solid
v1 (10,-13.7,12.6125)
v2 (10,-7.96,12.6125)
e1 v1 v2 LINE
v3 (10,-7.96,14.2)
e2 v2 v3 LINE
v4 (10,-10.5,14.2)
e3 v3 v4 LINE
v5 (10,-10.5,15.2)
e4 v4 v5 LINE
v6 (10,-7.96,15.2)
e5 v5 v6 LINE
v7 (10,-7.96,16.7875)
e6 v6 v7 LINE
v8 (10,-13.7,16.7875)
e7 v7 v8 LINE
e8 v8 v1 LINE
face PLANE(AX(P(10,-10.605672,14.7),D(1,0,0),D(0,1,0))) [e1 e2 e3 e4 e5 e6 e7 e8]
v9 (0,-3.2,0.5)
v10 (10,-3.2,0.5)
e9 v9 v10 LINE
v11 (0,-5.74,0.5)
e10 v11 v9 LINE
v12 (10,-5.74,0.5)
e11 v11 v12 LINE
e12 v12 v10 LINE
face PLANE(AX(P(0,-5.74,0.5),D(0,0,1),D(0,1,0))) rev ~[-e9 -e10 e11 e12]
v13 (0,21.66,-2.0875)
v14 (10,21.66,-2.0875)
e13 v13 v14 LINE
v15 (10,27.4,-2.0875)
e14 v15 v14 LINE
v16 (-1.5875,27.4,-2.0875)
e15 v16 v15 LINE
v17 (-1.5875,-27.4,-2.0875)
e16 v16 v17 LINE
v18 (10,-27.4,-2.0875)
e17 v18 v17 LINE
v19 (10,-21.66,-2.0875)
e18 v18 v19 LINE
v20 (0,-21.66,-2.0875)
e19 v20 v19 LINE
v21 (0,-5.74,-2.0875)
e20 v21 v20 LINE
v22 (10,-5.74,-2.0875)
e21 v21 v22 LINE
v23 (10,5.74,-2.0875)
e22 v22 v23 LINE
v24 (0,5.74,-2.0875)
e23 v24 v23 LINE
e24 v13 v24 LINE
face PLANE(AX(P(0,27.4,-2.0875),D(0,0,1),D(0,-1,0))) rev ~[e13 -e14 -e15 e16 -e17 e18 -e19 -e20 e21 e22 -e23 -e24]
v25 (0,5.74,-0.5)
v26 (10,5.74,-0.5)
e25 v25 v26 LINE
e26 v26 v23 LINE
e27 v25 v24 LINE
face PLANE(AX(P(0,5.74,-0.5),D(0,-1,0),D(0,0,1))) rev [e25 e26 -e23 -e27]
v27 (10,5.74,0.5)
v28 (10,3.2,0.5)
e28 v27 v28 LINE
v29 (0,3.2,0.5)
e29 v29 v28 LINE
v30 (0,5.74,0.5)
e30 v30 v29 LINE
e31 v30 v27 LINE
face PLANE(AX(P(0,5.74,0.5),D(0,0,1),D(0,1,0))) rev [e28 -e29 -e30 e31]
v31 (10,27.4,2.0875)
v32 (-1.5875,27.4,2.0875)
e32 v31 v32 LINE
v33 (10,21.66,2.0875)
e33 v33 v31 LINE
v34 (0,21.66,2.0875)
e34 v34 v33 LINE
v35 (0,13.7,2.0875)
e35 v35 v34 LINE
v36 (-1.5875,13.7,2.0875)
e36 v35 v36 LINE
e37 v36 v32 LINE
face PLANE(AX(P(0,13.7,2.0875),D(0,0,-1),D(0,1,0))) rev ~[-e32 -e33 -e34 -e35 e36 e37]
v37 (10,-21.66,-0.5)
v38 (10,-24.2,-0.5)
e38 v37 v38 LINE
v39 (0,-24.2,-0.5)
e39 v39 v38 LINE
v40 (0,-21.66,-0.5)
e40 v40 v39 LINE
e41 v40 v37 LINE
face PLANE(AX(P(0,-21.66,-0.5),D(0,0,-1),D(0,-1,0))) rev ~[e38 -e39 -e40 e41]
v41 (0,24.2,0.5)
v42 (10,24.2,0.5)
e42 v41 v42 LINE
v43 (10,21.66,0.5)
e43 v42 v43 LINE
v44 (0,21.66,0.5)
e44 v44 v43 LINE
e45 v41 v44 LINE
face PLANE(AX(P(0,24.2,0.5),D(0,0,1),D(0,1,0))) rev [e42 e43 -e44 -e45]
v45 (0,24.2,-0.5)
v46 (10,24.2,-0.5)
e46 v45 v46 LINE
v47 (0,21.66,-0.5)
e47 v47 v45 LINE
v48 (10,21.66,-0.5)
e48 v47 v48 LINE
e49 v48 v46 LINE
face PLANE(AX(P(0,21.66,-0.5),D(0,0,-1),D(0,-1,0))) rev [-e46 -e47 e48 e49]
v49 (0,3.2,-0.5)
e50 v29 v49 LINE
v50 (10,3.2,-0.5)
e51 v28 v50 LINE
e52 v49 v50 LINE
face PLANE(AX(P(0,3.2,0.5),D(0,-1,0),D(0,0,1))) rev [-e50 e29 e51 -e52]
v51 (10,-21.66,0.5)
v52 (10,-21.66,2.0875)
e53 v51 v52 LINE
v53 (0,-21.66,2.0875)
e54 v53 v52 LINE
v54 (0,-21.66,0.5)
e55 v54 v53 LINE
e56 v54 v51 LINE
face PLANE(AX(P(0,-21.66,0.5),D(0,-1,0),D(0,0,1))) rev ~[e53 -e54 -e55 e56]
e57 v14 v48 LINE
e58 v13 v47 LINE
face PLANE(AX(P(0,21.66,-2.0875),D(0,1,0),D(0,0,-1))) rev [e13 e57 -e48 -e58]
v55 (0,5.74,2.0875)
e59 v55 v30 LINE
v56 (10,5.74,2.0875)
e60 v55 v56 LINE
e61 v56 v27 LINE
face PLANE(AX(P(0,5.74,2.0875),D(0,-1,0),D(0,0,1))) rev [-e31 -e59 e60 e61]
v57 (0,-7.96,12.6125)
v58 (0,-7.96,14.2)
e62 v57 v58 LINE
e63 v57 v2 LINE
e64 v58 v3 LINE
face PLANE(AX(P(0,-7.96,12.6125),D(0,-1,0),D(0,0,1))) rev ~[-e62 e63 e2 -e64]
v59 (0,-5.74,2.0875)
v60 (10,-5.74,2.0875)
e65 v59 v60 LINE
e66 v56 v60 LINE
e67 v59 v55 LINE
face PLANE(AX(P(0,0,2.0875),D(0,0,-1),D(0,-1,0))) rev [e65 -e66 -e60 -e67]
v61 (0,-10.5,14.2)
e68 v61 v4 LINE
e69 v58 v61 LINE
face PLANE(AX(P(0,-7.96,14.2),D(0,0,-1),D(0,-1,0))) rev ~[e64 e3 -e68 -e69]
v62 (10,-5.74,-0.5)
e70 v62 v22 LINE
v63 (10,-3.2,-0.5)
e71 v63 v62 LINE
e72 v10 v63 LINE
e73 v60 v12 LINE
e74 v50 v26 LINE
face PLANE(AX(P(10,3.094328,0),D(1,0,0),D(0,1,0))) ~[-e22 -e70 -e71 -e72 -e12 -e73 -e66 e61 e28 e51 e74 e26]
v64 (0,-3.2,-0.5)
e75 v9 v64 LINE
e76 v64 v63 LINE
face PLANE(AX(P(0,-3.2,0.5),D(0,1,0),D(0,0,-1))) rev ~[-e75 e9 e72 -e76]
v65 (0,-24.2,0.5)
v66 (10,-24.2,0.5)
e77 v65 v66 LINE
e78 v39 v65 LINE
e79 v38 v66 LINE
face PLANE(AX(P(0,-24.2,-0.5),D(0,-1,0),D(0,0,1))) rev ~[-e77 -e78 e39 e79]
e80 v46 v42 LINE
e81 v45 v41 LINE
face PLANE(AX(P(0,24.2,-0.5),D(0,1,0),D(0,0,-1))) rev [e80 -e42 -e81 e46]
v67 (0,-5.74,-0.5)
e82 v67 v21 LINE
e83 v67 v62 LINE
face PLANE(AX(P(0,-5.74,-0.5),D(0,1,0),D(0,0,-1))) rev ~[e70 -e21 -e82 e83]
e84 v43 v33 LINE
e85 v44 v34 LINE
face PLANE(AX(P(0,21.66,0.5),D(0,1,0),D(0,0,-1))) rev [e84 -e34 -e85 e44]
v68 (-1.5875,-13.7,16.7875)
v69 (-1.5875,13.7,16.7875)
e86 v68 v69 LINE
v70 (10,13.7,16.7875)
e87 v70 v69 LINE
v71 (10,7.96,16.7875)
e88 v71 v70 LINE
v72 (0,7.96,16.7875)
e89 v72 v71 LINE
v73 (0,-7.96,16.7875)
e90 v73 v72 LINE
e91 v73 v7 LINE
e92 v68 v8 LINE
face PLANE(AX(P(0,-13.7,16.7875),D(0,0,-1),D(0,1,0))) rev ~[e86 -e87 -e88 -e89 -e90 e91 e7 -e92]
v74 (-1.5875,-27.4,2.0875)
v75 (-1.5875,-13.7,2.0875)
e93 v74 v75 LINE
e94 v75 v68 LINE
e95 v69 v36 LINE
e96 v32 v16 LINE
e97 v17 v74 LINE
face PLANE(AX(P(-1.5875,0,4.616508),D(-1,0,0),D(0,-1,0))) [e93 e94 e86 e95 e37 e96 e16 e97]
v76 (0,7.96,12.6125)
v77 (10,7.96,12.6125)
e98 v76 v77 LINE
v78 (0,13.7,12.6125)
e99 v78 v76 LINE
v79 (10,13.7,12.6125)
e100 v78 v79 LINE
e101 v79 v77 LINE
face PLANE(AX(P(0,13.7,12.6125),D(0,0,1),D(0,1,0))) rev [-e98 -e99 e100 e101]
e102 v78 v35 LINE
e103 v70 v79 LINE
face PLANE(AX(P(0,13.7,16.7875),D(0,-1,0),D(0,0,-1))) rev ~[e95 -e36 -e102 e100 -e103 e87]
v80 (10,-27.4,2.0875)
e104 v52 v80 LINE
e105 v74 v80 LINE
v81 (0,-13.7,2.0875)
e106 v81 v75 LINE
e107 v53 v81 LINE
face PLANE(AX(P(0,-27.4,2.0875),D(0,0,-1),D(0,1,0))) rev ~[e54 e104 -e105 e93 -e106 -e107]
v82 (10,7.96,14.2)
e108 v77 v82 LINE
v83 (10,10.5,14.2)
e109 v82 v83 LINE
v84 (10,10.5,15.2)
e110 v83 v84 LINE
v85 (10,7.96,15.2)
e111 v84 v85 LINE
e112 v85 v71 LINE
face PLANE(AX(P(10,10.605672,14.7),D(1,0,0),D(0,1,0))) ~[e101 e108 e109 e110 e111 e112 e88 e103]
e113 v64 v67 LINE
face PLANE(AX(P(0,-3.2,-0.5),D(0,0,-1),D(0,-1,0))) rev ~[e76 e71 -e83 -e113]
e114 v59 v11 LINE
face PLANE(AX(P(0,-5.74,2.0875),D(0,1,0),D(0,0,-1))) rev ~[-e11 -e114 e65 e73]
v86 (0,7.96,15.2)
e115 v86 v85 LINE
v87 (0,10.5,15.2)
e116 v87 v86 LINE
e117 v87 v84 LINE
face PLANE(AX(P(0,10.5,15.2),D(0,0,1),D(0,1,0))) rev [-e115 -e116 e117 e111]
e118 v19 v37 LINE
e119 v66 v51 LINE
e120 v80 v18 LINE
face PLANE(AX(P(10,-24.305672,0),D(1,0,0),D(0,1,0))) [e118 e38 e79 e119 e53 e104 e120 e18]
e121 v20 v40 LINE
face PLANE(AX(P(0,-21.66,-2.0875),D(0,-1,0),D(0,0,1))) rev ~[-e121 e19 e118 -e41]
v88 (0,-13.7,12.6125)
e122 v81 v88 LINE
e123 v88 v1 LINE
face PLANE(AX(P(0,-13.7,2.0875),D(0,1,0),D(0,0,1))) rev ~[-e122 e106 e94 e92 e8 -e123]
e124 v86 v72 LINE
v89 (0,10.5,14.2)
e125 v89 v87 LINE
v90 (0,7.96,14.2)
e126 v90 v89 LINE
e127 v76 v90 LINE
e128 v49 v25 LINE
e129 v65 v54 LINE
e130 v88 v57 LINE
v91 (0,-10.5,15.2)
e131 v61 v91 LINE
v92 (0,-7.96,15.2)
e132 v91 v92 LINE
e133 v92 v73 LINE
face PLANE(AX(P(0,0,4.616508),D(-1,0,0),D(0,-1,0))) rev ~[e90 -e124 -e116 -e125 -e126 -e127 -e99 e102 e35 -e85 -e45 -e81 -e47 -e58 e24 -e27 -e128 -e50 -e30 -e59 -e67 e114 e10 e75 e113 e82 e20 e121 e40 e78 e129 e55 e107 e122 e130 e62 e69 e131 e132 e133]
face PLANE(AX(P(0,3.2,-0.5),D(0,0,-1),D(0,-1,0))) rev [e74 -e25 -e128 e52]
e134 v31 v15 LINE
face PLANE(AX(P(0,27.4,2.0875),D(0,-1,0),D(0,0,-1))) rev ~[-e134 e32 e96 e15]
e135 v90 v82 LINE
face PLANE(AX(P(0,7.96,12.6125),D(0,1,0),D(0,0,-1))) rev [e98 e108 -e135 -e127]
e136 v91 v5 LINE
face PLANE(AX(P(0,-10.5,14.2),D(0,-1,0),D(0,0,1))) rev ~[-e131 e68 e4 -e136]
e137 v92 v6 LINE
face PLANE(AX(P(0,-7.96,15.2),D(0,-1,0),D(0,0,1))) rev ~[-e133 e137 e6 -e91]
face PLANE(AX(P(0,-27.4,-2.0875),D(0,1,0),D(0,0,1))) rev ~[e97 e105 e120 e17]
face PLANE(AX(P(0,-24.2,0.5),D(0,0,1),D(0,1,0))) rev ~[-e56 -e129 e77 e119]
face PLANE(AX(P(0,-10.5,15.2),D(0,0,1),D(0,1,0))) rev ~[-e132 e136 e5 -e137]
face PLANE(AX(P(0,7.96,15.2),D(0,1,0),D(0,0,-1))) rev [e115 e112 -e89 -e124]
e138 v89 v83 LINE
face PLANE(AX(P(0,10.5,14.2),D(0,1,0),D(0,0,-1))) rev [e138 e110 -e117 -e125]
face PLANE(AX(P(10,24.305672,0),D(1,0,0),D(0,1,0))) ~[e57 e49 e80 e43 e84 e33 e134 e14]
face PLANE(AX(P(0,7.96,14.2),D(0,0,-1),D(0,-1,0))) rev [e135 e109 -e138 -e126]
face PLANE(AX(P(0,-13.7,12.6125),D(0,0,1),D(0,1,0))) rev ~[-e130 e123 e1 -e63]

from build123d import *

# Parameters (mm, degrees)
F2_DEPTH = 10
F5_DEPTH = 1.5875


with BuildPart() as f2:
    # F1 (on Right) → F2 (new body)
    with BuildSketch(Plane.YZ):
        Polygon((-10.5, 14.2), (-10.5, 15.2), (-7.96, 15.2), (-7.96, 16.7875), (-13.7, 16.7875), (-13.7, 12.6125), (-7.96, 12.6125), (-7.96, 14.2), align=None)
        Polygon((-24.2, -0.5), (-24.2, 0.5), (-21.66, 0.5), (-21.66, 2.0875), (-27.4, 2.0875), (-27.4, -2.0875), (-21.66, -2.0875), (-21.66, -0.5), align=None)
        Polygon((-5.74, 0.5), (-3.2, 0.5), (-3.2, -0.5), (-5.74, -0.5), (-5.74, -2.0875), (0, -2.0875), (0, 2.0875), (-5.74, 2.0875), align=None)
    extrude(amount=F2_DEPTH)



with BuildPart() as f3_1:
    # F3: instance of F2
    add(f2.part.mirror(Plane.XZ))


with BuildPart() as f2_1:
    add(f2.part)

    add(f3_1.part)  # F5 merges F3_1
    # F4 (on face) → F5 (join)
    with BuildSketch(Plane(origin=(0, 0, 0), x_dir=(0, -1, 0), z_dir=(-1, 0, 0))):
        Polygon((13.7, 16.7875), (-13.7, 16.7875), (-13.7, 2.0875), (-27.4, 2.0875), (-27.4, -2.0875), (27.4, -2.0875), (27.4, 2.0875), (13.7, 2.0875), align=None)
    extrude(amount=F5_DEPTH)


solid = f2_1.part
